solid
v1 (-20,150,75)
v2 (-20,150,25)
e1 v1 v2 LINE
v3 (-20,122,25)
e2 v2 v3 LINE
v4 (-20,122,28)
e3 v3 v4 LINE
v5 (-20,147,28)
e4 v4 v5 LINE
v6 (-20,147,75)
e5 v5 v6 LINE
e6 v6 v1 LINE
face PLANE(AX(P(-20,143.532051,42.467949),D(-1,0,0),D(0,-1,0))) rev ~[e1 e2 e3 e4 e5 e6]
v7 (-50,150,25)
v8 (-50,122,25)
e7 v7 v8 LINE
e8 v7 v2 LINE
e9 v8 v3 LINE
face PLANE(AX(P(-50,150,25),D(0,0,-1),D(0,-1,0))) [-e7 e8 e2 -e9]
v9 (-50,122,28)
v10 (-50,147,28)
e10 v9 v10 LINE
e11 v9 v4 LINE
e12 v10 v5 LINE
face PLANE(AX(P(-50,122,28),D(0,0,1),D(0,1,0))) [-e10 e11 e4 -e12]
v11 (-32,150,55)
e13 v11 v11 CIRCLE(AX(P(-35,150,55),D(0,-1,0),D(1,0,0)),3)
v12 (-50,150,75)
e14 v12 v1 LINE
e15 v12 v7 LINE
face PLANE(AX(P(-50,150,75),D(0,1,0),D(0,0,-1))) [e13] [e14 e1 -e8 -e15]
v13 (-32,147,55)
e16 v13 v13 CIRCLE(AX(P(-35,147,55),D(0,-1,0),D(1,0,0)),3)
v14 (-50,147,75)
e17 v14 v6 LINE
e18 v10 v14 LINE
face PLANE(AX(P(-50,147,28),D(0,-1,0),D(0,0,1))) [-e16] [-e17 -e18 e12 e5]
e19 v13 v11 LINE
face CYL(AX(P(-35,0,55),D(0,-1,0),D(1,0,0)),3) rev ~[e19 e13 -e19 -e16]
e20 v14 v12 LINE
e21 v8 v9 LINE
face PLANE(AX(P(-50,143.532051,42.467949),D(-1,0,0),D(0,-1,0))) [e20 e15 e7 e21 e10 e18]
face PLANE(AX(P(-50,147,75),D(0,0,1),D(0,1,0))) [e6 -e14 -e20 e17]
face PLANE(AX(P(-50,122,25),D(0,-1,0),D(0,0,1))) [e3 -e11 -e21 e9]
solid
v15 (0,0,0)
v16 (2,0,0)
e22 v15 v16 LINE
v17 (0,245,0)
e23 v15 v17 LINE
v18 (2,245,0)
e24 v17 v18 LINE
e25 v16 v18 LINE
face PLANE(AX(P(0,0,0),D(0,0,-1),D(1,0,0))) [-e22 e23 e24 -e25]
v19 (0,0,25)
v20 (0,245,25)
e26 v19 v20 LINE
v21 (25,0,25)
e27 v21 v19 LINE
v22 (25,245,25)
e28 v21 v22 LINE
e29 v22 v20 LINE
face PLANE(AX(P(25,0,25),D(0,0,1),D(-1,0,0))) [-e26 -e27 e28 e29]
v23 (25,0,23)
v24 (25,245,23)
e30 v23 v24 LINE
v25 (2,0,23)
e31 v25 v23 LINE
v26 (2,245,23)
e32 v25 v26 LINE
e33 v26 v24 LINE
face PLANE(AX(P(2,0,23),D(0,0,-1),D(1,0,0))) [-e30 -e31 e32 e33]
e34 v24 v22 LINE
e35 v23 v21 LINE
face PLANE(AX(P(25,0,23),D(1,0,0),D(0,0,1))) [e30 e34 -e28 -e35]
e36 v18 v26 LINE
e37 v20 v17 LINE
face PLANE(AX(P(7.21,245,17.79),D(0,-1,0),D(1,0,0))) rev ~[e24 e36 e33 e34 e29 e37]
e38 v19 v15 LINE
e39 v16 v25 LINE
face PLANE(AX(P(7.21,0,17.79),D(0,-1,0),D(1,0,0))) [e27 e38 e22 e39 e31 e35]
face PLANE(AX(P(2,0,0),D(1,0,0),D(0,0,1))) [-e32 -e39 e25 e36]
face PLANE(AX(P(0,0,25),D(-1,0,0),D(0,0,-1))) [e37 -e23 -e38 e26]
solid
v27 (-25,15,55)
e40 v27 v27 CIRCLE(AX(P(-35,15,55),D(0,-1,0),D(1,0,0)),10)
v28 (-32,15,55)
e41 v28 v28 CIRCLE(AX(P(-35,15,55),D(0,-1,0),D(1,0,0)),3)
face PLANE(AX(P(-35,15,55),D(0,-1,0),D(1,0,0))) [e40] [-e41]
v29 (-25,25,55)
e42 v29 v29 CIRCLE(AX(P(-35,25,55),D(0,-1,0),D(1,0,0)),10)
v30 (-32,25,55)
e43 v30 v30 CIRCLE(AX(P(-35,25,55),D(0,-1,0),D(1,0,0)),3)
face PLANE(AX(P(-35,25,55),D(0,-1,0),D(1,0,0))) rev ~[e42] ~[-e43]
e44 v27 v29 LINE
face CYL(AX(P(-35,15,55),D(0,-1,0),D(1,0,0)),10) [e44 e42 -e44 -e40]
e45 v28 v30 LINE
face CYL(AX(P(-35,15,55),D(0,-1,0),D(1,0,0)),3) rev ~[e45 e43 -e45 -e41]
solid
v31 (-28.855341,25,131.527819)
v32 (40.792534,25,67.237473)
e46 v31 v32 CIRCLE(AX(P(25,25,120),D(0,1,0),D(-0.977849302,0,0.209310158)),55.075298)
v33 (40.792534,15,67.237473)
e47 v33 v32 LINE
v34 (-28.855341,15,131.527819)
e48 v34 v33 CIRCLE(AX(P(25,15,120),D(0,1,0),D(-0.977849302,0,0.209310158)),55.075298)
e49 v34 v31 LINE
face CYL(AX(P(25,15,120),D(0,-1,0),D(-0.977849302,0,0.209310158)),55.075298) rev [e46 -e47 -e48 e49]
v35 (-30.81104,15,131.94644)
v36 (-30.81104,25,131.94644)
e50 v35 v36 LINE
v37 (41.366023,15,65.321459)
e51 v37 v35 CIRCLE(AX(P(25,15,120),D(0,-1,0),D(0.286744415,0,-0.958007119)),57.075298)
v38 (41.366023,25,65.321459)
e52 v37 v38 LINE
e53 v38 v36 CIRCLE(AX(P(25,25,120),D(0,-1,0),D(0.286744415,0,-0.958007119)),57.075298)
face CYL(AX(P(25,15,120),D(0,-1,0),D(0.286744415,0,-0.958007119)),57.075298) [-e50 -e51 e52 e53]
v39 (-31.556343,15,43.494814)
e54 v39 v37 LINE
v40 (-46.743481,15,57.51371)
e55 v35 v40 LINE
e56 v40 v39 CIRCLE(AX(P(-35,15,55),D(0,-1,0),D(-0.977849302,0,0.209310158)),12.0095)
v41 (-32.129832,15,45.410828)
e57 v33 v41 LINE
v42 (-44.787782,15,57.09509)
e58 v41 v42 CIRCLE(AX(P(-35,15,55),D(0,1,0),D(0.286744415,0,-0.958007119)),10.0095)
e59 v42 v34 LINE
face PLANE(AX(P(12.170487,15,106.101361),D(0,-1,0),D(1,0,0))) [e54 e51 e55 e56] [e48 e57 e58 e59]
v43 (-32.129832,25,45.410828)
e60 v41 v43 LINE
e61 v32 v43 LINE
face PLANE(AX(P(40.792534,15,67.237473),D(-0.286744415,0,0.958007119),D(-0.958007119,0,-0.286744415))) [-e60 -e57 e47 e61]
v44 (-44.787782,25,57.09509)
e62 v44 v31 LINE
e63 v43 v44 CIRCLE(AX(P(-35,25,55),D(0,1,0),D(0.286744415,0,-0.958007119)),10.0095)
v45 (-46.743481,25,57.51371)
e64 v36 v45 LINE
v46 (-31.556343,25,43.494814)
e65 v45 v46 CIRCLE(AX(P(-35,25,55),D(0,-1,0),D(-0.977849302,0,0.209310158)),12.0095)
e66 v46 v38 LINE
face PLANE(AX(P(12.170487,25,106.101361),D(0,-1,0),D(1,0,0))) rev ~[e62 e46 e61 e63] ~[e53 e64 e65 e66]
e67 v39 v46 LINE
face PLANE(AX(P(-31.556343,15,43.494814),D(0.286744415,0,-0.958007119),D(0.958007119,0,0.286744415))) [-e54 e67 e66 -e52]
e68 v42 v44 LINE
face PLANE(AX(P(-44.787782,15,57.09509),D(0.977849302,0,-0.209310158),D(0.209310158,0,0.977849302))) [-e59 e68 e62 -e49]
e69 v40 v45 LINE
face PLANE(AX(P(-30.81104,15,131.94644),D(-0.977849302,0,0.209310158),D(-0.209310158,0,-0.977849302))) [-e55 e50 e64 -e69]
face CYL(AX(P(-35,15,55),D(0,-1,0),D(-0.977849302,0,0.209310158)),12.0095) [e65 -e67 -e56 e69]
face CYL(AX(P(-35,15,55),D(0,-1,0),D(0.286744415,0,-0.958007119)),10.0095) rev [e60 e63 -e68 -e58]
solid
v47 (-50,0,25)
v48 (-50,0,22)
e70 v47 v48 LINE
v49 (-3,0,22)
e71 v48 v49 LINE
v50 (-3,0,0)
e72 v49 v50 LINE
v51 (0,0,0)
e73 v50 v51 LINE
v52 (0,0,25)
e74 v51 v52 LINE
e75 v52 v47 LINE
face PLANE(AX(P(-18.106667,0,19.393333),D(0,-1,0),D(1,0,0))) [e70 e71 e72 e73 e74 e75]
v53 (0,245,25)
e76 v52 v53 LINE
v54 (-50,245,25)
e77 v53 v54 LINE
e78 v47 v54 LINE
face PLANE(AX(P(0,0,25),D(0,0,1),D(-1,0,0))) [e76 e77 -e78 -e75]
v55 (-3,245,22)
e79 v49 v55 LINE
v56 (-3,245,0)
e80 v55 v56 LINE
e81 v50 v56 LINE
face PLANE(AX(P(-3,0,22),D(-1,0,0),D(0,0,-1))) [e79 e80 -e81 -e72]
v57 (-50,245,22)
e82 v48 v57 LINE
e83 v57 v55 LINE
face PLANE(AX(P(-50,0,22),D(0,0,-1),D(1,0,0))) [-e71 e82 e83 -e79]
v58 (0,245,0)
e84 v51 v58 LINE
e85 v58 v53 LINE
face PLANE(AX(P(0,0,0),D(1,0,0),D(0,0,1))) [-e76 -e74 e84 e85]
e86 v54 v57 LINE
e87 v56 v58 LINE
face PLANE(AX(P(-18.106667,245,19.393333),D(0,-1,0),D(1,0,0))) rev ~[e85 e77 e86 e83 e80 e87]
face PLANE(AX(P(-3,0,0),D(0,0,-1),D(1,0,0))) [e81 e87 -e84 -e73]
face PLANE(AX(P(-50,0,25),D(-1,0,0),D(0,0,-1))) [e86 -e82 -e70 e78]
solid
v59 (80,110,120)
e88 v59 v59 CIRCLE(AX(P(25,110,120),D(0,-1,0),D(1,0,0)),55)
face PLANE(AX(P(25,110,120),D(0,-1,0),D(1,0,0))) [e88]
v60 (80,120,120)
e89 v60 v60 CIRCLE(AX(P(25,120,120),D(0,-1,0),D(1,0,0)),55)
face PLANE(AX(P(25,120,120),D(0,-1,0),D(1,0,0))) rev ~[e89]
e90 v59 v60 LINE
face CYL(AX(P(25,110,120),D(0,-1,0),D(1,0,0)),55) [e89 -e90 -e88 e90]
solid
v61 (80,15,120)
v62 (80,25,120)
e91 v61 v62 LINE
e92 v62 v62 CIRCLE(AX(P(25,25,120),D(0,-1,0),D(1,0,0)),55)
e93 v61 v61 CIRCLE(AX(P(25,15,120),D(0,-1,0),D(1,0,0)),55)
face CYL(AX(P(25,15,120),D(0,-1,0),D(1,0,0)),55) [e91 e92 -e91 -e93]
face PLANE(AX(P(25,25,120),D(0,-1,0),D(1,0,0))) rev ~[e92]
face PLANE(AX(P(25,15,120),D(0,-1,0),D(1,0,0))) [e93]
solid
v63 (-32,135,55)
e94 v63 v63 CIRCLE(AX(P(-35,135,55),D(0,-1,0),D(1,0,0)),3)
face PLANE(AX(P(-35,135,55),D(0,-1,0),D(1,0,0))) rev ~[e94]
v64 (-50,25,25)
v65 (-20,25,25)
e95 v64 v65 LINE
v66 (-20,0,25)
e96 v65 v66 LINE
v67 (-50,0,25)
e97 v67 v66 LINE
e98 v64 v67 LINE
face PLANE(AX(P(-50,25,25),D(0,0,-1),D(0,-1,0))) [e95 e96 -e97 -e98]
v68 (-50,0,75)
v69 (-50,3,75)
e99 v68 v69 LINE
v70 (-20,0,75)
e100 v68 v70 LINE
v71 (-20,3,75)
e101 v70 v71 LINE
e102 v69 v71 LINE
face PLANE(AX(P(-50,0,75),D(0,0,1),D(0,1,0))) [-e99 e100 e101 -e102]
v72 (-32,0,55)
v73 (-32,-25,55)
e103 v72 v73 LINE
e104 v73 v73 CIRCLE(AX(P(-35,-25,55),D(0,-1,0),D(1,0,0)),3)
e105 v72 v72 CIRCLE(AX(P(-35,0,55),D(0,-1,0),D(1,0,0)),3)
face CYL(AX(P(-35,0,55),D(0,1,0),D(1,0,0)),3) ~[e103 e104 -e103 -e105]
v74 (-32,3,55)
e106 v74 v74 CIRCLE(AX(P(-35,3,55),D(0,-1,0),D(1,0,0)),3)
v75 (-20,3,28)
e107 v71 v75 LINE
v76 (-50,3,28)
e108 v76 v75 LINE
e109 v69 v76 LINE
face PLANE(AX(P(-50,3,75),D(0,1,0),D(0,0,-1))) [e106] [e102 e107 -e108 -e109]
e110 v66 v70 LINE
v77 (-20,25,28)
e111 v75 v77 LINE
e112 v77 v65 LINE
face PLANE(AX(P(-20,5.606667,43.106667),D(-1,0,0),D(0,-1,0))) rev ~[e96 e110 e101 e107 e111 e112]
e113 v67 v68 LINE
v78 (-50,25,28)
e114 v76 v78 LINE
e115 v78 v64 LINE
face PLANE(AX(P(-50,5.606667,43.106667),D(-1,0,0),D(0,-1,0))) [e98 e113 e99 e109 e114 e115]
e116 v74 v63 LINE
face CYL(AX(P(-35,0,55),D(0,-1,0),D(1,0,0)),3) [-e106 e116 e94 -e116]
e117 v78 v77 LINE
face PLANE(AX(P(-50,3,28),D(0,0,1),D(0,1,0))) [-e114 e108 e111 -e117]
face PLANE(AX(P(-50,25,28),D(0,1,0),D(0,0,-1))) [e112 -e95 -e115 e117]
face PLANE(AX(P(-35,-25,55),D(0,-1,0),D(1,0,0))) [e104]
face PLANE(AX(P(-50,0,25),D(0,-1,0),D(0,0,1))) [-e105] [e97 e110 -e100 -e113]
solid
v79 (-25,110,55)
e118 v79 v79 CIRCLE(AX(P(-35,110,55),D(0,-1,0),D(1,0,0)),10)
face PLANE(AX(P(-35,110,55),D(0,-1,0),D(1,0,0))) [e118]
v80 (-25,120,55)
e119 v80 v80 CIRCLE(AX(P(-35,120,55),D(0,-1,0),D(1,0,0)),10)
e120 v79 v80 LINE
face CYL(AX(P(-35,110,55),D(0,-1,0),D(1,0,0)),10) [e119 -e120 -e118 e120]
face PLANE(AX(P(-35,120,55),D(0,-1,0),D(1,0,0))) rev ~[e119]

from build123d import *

# Parameters (mm, degrees)
F3_DEPTH       = 245
F5_DEPTH       = 245
F7_DEPTH       = 30
F8_R           = 3
F9_DEPTH       = 245.001
F10_R          = 3
F11_DEPTH      = 135
F11_DEPTH_BACK = 25
F12_R          = 55
F13_DEPTH      = 10
F12_R_2        = 10
F12_R_3        = 3
F14_R          = 55
F15_DEPTH      = 10
F14_R_2        = 10
F17_DEPTH      = 10


with BuildPart() as f3:
    # F2 (on Front) → F3 (new body)
    with BuildSketch(Plane.XZ):
        Polygon((0, 25), (0, 0), (2, 0), (2, 23), (25, 23), (25, 25), align=None)
    extrude(amount=-F3_DEPTH)


with BuildPart() as f5:
    # F4 (on Front) → F5 (new body)
    with BuildSketch(Plane.XZ):
        Polygon((-3, 0), (0, 0), (0, 25), (-50, 25), (-50, 22), (-3, 22), align=None)
    extrude(amount=-F5_DEPTH)


with BuildPart() as f7:
    # F6 (on face) → F7 (new body)
    with BuildSketch(Plane(origin=(-50, 0, 0), x_dir=(0, -1, 0), z_dir=(-1, 0, 0))):
        Polygon((-25, 25), (0, 25), (0, 75), (-3, 75), (-3, 28), (-25, 28), align=None)
    extrude(amount=-F7_DEPTH)


with BuildPart() as f7b:
    # F6 (on face) → F7, piece 2 (new body)
    with BuildSketch(Plane(origin=(-50, 0, 0), x_dir=(0, -1, 0), z_dir=(-1, 0, 0))):
        Polygon((-150, 75), (-150, 25), (-122, 25), (-122, 28), (-147, 28), (-147, 75), align=None)
    extrude(amount=-F7_DEPTH)


with BuildPart() as f9_tool:
    # F8 (on face) → F9 (new body, through all)
    with BuildSketch(Plane.XZ):
        with Locations((-35, 55)):
            Circle(F8_R)
    extrude(amount=-F9_DEPTH)


with BuildPart() as f7_1:
    add(f7.part)

    # F9: cut by f9_tool
    add(f9_tool.part, mode=Mode.SUBTRACT)

    # F10 (on Front) → F11 (join, two sides)
    with BuildSketch(Plane.XZ) as f11_sk:
        with Locations((-35, 55)):
            Circle(F10_R)
    extrude(amount=-F11_DEPTH)
    extrude(f11_sk.sketch, amount=F11_DEPTH_BACK)


with BuildPart() as f7b_1:
    add(f7b.part)

    # F9: cut by f9_tool
    add(f9_tool.part, mode=Mode.SUBTRACT)


with BuildPart() as f13:
    # F12 (on offset) → F13 (new body)
    with BuildSketch(Plane.XZ.offset(-15)):
        with Locations((25, 120)):
            Circle(F12_R)
    extrude(amount=-F13_DEPTH)


with BuildPart() as f13b:
    # F12 (on offset) → F13, piece 2 (new body)
    with BuildSketch(Plane.XZ.offset(-15)):
        with Locations((-35, 55)):
            Circle(F12_R_2)
        with Locations((-35, 55)):
            Circle(F12_R_3, mode=Mode.SUBTRACT)
    extrude(amount=-F13_DEPTH)


with BuildPart() as f15:
    # F14 (on offset) → F15 (new body)
    with BuildSketch(Plane.XZ.offset(-110)):
        with Locations((25, 120)):
            Circle(F14_R)
    extrude(amount=-F15_DEPTH)


with BuildPart() as f15b:
    # F14 (on offset) → F15, piece 2 (new body)
    with BuildSketch(Plane.XZ.offset(-110)):
        with Locations((-35, 55)):
            Circle(F14_R_2)
    extrude(amount=-F15_DEPTH)


with BuildPart() as f17:
    # F16 (on offset) → F17 (new body)
    with BuildSketch(Plane.XZ.offset(-15)):
        with BuildLine():
            Line((-31.5563430121, 43.4948137083), (41.3660228249, 65.3214585208))
            ThreePointArc((41.3660228249, 65.3214585208), (63.713038751, 161.9391253135), (-30.8110399749, 131.9464395667))
            Line((-30.8110399749, 131.9464395667), (-46.7434809831, 57.513710297))
            ThreePointArc((-46.7434809831, 57.513710297), (-43.1458047472, 46.1753781906), (-31.5563430121, 43.4948137083))
        make_face()
        with BuildLine():
            Line((40.7925339952, 67.2374727593), (-32.1298318417, 45.4108279468))
            ThreePointArc((-32.1298318417, 45.4108279468), (-41.7892445342, 47.6449850729), (-44.7877823831, 57.0950899611))
            Line((-44.7877823831, 57.0950899611), (-28.8553413705, 131.5278192508))
            ThreePointArc((-28.8553413705, 131.5278192508), (62.3564785455, 160.4695184243), (40.7925339952, 67.2374727593))
        make_face(mode=Mode.SUBTRACT)
    extrude(amount=-F17_DEPTH)


solid = Compound([f3.part, f5.part, f7_1.part, f7b_1.part, f13.part, f13b.part, f15.part, f15b.part, f17.part])
